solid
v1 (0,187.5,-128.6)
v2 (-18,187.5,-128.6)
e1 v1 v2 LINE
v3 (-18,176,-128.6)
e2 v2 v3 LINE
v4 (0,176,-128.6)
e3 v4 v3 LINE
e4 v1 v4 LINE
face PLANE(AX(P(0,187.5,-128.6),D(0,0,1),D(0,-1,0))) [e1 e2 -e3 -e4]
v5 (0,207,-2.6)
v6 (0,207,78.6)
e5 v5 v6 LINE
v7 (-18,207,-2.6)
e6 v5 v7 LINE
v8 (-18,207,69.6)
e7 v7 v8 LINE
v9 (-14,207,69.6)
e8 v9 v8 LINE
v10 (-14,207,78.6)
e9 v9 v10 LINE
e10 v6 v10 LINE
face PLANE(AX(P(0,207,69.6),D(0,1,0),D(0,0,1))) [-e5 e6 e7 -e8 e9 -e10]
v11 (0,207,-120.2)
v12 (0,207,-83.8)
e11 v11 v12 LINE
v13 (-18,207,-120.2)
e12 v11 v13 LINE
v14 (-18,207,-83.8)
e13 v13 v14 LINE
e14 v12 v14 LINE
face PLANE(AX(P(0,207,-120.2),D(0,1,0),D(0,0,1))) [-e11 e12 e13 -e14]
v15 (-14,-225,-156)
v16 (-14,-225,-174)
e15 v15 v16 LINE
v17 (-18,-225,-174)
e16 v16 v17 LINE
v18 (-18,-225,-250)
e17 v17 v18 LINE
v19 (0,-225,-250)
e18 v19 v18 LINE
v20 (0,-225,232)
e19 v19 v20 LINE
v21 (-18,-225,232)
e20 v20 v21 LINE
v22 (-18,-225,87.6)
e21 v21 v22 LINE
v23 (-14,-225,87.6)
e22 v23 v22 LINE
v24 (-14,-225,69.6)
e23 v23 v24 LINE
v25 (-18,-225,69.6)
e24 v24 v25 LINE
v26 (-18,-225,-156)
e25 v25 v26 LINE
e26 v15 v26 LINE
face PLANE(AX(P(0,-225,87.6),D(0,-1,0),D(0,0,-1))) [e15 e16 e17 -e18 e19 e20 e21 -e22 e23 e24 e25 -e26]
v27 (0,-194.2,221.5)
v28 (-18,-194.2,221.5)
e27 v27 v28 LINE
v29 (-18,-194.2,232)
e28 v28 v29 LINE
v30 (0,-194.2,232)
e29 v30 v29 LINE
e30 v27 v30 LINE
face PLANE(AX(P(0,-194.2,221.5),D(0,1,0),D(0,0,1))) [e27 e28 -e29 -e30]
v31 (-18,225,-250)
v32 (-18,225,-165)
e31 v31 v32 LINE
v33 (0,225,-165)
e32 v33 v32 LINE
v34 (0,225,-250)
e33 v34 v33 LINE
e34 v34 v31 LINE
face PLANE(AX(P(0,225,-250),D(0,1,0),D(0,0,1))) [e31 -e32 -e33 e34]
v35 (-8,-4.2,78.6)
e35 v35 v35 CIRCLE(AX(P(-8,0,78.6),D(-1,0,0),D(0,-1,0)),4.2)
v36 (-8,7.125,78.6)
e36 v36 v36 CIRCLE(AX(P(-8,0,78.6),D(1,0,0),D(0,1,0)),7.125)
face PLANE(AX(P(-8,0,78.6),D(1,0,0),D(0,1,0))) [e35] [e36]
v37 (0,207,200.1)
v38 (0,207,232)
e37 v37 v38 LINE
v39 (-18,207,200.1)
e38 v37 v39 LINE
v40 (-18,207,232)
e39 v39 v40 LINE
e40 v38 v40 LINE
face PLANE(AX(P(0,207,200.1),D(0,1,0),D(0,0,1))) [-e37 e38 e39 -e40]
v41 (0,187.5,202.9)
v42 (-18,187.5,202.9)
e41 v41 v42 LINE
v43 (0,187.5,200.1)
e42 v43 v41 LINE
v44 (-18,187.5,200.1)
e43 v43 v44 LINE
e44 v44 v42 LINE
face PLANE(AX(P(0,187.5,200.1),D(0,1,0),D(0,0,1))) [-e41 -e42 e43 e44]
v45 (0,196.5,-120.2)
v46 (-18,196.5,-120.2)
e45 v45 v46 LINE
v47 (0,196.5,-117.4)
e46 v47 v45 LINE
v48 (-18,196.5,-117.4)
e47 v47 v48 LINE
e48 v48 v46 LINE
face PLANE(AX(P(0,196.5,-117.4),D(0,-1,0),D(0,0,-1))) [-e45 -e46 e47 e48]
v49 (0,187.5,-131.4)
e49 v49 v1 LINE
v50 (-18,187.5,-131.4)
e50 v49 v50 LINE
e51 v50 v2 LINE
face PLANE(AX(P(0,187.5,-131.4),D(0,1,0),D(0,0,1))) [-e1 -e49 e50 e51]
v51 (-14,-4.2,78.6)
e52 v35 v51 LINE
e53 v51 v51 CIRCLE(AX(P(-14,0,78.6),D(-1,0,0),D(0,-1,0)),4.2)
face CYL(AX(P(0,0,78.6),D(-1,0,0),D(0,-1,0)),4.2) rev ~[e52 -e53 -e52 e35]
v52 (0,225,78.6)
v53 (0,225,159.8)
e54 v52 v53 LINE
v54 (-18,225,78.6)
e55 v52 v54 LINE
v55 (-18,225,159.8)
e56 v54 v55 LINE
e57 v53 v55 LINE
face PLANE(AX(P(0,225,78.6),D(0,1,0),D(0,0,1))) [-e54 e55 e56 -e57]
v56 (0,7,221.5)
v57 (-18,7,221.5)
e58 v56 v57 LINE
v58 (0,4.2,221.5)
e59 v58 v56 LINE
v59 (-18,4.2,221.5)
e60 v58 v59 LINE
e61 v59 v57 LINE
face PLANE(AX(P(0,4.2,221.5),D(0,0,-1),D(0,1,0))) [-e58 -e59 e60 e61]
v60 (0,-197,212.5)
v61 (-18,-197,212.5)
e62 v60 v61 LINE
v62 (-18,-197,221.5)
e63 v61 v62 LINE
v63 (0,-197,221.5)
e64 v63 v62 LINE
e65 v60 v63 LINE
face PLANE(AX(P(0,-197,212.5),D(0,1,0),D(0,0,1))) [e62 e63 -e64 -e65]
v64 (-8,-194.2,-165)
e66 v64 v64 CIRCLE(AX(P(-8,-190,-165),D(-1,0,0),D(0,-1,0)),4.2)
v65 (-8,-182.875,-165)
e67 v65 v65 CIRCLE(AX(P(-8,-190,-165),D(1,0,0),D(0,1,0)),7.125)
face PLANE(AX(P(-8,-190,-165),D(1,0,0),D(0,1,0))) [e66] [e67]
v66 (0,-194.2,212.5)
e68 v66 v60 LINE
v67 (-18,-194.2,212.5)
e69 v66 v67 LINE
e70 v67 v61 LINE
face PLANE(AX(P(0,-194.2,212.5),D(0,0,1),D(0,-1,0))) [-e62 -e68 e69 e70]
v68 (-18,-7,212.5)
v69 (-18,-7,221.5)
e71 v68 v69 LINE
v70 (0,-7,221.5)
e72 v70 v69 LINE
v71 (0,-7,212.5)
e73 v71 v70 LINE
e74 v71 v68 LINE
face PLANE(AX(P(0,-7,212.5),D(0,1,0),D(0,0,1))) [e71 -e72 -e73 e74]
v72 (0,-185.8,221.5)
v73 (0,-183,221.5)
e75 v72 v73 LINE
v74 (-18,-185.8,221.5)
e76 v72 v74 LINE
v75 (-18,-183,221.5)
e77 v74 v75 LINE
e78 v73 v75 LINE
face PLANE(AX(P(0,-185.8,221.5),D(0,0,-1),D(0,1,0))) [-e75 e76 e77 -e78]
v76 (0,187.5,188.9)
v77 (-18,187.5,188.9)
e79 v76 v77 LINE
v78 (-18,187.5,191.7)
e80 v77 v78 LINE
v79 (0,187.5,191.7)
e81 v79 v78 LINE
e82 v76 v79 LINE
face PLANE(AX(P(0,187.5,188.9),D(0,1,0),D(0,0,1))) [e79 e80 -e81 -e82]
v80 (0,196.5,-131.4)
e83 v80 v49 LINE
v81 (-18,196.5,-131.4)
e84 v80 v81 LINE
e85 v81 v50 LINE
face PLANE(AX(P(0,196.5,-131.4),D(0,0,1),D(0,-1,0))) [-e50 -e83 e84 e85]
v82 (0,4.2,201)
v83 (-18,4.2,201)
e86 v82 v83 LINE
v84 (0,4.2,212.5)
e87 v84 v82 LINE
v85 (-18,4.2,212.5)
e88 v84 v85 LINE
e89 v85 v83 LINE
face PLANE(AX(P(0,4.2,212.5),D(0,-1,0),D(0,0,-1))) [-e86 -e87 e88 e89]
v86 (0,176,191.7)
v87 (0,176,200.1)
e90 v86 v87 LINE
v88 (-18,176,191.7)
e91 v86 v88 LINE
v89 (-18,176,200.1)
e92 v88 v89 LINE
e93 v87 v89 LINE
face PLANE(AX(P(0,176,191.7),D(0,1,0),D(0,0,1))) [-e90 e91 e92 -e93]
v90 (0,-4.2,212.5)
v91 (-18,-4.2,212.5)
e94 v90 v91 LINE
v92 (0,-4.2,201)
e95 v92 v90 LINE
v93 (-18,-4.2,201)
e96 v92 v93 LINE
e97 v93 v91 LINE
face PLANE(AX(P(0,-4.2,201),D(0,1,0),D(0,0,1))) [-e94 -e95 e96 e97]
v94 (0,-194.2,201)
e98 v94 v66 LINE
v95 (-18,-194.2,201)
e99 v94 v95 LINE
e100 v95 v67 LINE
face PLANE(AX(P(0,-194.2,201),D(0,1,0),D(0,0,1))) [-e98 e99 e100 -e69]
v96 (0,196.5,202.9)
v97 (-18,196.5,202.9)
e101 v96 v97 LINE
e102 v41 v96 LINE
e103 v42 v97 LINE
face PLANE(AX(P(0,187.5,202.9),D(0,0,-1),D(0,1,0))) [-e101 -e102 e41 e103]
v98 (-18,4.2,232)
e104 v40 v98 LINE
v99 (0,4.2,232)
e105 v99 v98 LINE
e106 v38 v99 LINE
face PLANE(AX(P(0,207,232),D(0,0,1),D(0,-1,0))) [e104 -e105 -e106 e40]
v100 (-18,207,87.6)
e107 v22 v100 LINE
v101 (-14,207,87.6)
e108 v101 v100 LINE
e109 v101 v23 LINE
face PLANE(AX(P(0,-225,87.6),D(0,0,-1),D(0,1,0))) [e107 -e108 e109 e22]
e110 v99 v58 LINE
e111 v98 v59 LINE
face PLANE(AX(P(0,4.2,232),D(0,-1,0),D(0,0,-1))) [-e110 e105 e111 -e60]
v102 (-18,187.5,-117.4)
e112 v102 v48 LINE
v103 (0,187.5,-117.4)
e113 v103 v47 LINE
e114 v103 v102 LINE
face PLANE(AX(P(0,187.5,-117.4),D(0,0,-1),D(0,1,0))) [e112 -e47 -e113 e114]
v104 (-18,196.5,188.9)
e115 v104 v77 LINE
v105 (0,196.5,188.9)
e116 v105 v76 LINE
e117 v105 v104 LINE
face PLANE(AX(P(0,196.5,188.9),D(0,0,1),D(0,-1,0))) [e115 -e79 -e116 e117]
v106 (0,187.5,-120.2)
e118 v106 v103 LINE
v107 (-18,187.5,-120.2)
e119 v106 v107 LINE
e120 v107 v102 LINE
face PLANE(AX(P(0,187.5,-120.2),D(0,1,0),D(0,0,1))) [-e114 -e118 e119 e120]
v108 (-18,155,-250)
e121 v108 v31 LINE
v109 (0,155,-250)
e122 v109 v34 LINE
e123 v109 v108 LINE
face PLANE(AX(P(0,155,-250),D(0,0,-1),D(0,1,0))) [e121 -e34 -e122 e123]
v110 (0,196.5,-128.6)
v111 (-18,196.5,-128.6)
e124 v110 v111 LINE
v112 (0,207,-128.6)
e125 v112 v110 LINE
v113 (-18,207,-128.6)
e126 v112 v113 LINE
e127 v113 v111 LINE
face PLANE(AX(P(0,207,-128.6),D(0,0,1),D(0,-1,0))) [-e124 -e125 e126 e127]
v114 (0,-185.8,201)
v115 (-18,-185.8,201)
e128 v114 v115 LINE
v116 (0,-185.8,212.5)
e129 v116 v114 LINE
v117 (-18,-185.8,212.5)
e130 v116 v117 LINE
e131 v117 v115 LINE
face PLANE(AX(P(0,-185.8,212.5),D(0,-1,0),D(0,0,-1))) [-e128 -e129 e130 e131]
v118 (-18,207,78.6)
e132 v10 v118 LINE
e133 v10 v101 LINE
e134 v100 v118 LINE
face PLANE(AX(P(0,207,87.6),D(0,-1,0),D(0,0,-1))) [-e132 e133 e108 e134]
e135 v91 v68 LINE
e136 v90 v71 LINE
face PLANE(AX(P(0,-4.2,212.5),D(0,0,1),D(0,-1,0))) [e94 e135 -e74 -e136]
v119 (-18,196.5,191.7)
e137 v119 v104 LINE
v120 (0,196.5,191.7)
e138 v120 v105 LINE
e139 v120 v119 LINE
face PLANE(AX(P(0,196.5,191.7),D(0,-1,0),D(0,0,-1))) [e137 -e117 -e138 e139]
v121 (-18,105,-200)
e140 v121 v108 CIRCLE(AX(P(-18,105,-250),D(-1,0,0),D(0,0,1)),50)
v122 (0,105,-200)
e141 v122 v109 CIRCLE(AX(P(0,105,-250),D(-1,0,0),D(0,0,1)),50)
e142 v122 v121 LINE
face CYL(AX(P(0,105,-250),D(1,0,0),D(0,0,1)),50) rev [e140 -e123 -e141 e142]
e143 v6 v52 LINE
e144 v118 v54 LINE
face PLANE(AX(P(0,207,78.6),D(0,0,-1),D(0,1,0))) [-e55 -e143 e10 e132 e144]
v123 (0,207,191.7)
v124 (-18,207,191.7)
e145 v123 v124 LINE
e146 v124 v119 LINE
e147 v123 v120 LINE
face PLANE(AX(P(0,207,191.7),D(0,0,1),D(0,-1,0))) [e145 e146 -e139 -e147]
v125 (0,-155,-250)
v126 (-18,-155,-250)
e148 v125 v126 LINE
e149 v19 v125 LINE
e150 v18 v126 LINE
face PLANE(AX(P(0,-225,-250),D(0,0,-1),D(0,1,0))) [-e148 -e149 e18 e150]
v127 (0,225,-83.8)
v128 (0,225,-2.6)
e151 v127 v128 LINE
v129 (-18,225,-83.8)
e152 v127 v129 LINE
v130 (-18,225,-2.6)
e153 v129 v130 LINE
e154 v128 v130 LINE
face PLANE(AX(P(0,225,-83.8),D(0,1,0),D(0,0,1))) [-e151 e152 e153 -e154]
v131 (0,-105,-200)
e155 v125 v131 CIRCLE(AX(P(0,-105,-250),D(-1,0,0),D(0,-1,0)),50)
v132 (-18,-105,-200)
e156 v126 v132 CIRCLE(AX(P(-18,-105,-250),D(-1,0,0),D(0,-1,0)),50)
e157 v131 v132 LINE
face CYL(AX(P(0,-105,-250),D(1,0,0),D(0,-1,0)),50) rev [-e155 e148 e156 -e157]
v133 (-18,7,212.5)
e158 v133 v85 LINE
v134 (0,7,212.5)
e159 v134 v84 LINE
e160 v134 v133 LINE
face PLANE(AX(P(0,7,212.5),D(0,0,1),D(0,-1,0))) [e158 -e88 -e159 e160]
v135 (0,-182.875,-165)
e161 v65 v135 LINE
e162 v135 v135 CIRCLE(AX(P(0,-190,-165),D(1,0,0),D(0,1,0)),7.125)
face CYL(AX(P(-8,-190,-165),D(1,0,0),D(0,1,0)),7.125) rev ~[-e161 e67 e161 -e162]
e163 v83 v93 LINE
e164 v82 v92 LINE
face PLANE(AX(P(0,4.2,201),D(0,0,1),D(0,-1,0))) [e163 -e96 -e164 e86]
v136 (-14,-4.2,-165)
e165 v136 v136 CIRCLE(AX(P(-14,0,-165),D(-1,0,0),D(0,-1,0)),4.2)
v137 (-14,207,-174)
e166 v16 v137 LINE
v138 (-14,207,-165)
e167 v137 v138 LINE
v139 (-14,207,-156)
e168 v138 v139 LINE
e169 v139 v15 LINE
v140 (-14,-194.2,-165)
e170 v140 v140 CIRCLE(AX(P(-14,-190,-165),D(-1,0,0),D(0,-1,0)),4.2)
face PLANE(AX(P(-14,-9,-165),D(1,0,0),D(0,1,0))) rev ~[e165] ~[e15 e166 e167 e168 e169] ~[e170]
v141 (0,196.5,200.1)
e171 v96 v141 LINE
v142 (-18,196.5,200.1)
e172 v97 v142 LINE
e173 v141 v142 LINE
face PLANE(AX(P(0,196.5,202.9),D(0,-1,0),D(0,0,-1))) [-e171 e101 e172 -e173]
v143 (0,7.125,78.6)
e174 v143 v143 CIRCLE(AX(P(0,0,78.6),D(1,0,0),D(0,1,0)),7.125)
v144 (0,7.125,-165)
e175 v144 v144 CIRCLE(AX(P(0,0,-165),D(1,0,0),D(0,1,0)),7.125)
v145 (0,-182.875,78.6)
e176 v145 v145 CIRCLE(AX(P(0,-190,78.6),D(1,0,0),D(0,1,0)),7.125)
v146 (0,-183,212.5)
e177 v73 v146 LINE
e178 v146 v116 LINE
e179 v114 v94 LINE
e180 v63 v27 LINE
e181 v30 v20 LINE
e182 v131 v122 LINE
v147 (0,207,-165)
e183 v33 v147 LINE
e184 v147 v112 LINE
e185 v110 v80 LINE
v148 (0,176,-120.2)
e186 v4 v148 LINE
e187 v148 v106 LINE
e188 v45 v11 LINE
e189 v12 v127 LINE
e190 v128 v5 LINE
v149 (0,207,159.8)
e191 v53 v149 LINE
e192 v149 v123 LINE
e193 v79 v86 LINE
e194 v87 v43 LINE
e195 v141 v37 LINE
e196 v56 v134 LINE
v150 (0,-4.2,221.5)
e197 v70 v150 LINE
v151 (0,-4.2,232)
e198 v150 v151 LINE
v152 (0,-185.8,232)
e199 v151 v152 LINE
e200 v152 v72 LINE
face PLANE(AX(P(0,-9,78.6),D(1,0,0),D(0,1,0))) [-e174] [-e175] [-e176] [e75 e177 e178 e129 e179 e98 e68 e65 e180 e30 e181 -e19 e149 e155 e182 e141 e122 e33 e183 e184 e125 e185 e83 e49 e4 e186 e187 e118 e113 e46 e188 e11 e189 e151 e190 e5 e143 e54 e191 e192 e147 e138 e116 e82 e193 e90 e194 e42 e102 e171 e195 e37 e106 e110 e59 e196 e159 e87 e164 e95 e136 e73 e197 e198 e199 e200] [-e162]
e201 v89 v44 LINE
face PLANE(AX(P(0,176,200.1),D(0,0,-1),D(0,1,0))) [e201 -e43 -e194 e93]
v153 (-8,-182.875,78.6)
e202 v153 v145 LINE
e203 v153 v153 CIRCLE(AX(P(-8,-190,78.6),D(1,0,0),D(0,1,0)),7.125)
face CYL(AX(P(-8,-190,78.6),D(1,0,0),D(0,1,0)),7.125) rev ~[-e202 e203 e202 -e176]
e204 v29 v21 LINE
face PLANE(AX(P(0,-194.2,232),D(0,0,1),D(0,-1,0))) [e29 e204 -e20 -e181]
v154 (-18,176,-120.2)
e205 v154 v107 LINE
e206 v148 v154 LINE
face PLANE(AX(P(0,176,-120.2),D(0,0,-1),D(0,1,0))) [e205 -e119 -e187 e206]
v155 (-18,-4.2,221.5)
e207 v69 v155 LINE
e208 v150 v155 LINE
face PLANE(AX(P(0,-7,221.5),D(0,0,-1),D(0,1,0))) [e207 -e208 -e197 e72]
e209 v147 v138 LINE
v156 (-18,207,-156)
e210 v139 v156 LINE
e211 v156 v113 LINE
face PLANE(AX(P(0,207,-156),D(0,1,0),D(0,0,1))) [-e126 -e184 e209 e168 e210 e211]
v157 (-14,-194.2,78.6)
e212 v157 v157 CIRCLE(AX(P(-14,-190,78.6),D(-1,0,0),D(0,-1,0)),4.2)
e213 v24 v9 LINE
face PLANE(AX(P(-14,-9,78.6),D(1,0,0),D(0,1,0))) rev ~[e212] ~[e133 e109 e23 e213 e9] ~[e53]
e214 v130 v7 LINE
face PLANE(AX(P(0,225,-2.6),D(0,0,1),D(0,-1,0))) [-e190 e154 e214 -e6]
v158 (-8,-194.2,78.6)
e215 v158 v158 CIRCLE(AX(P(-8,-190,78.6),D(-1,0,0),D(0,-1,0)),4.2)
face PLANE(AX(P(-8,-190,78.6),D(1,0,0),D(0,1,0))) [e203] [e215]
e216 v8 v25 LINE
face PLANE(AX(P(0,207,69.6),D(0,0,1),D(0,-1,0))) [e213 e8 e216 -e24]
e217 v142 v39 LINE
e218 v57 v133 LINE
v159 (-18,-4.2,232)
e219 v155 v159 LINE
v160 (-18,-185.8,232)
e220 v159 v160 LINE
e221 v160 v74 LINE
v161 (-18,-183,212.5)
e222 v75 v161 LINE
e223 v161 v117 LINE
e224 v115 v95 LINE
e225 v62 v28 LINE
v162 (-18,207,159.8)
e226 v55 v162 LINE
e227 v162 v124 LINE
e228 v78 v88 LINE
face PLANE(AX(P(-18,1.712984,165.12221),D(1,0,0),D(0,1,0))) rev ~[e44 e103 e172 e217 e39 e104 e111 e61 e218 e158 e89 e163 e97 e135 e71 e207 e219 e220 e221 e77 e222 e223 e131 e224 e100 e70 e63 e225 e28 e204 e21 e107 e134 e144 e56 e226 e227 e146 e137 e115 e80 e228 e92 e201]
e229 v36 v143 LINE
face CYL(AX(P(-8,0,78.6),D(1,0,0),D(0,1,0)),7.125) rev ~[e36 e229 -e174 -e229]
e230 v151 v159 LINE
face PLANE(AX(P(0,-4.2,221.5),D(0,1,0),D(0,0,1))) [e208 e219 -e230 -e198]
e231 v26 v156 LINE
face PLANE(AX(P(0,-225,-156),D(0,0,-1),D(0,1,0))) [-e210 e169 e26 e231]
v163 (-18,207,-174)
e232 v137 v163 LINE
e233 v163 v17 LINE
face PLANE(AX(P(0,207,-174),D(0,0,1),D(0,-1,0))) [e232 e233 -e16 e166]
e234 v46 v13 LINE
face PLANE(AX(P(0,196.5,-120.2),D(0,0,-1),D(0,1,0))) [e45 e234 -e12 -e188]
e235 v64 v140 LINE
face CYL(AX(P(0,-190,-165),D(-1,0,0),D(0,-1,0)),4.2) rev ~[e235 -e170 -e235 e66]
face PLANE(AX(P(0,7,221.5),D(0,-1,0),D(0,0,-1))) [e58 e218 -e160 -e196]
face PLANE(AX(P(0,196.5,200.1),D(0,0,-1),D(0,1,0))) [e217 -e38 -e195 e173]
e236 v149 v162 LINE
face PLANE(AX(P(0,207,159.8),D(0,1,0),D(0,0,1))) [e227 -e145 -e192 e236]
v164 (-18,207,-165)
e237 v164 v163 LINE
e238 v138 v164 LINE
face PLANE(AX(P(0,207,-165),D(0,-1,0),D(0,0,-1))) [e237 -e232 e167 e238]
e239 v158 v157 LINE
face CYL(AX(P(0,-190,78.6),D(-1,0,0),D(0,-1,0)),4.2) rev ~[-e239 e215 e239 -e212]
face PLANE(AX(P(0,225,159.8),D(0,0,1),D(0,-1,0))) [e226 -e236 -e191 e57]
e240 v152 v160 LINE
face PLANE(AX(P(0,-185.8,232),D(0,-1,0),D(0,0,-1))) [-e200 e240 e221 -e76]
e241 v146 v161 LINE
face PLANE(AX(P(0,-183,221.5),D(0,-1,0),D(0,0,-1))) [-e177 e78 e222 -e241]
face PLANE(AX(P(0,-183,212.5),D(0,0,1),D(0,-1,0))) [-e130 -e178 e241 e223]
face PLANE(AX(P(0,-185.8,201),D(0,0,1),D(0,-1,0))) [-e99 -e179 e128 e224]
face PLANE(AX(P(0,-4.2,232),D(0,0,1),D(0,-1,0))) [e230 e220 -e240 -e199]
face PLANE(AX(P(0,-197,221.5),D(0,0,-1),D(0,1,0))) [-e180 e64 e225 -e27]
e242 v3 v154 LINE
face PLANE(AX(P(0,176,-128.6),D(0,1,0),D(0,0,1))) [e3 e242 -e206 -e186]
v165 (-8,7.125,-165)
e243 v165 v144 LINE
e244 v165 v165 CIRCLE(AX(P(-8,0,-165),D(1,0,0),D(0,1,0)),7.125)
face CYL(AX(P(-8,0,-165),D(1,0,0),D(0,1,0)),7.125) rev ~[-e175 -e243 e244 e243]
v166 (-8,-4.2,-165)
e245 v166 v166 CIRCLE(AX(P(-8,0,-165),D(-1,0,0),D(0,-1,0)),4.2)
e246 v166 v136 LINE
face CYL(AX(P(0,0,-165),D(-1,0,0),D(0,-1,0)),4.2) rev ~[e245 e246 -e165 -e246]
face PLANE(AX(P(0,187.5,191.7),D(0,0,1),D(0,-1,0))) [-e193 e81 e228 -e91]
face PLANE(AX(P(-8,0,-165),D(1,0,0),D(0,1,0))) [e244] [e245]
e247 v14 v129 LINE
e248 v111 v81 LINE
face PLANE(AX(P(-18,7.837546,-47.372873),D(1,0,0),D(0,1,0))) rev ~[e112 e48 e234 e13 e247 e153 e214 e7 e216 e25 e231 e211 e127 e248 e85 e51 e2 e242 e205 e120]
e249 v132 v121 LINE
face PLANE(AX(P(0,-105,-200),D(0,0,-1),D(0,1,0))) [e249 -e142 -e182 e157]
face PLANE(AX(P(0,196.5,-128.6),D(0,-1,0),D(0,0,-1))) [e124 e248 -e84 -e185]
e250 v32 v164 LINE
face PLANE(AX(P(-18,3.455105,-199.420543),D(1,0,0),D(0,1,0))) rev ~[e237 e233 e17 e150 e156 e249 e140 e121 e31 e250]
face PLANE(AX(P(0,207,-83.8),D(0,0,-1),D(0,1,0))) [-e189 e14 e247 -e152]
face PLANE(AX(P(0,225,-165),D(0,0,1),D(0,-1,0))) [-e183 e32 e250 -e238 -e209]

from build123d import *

# Parameters (mm, degrees)
F3_DEPTH       = 18
F4_DEPTH       = 14
F5_D           = 8.4
F5_CBORE_D     = 14.25
F5_CBORE_DEPTH = 8


with BuildPart() as f3:
    # F2 (on Right) → F3 (new body)
    with BuildSketch(Plane.YZ):
        Polygon((-194.2, 232), (-225, 232), (-225, 87.6), (207, 87.6), (207, 78.6), (225, 78.6), (225, 159.8), (207, 159.8), (207, 191.7), (196.5, 191.7), (196.5, 188.9), (187.5, 188.9), (187.5, 191.7), (177, 191.7), (176, 191.7), (176, 200.1), (177, 200.1), (187.5, 200.1), (187.5, 202.9), (196.5, 202.9), (196.5, 200.1), (207, 200.1), (207, 232), (4.2, 232), (4.2, 221.5), (7, 221.5), (7, 212.5), (4.2, 212.5), (4.2, 201), (-4.2, 201), (-4.2, 212.5), (-7, 212.5), (-7, 221.5), (-4.2, 221.5), (-4.2, 232), (-185.8, 232), (-185.8, 221.5), (-183, 221.5), (-183, 212.5), (-185.8, 212.5), (-185.8, 202), (-185.8, 201), (-194.2, 201), (-194.2, 202), (-194.2, 212.5), (-197, 212.5), (-197, 221.5), (-194.2, 221.5), align=None)
    extrude(amount=-F3_DEPTH)



with BuildPart() as f3b:
    # F2 (on Right) → F3, piece 2 (new body)
    with BuildSketch(Plane.YZ):
        Polygon((207, 69.6), (-225, 69.6), (-225, -156), (207, -156), (207, -128.6), (196.5, -128.6), (196.5, -131.4), (187.5, -131.4), (187.5, -128.6), (176, -128.6), (176, -120.2), (187.5, -120.2), (187.5, -117.4), (196.5, -117.4), (196.5, -120.2), (207, -120.2), (207, -83.8), (225, -83.8), (225, -2.6), (207, -2.6), align=None)
    extrude(amount=-F3_DEPTH)


with BuildPart() as f3c:
    # F2 (on Right) → F3, piece 3 (new body)
    with BuildSketch(Plane.YZ):
        with BuildLine():
            Line((207, -174), (-225, -174))
            Line((-225, -174), (-225, -250))
            Line((-225, -250), (-155, -250))
            ThreePointArc((-155, -250), (-140.3553390593, -214.6446609407), (-105, -200))
            Line((-105, -200), (105, -200))
            ThreePointArc((105, -200), (140.3553390593, -214.6446609407), (155, -250))
            Line((155, -250), (225, -250))
            Line((225, -250), (225, -165))
            Line((225, -165), (207, -165))
            Line((207, -165), (207, -174))
        make_face()
    extrude(amount=-F3_DEPTH)


with BuildPart() as f3_1:
    add(f3.part)

    add(f3b.part)  # F4 merges F3b

    add(f3c.part)  # F4 merges F3c
    # F2 (on Right) → F4 (join)
    with BuildSketch(Plane.YZ):
        Polygon((207, 87.6), (-225, 87.6), (-225, 69.6), (207, 69.6), (207, 78.6), align=None)
        Polygon((207, -156), (-225, -156), (-225, -174), (207, -174), (207, -165), align=None)
    extrude(amount=-F4_DEPTH)

    # F5 (through all)
    with Locations(Plane.YZ):
        with Locations((-190, 78.6), (0, 78.6), (0, -165), (-190, -165)):
            CounterBoreHole(F5_D / 2, F5_CBORE_D / 2, F5_CBORE_DEPTH)


solid = f3_1.part
